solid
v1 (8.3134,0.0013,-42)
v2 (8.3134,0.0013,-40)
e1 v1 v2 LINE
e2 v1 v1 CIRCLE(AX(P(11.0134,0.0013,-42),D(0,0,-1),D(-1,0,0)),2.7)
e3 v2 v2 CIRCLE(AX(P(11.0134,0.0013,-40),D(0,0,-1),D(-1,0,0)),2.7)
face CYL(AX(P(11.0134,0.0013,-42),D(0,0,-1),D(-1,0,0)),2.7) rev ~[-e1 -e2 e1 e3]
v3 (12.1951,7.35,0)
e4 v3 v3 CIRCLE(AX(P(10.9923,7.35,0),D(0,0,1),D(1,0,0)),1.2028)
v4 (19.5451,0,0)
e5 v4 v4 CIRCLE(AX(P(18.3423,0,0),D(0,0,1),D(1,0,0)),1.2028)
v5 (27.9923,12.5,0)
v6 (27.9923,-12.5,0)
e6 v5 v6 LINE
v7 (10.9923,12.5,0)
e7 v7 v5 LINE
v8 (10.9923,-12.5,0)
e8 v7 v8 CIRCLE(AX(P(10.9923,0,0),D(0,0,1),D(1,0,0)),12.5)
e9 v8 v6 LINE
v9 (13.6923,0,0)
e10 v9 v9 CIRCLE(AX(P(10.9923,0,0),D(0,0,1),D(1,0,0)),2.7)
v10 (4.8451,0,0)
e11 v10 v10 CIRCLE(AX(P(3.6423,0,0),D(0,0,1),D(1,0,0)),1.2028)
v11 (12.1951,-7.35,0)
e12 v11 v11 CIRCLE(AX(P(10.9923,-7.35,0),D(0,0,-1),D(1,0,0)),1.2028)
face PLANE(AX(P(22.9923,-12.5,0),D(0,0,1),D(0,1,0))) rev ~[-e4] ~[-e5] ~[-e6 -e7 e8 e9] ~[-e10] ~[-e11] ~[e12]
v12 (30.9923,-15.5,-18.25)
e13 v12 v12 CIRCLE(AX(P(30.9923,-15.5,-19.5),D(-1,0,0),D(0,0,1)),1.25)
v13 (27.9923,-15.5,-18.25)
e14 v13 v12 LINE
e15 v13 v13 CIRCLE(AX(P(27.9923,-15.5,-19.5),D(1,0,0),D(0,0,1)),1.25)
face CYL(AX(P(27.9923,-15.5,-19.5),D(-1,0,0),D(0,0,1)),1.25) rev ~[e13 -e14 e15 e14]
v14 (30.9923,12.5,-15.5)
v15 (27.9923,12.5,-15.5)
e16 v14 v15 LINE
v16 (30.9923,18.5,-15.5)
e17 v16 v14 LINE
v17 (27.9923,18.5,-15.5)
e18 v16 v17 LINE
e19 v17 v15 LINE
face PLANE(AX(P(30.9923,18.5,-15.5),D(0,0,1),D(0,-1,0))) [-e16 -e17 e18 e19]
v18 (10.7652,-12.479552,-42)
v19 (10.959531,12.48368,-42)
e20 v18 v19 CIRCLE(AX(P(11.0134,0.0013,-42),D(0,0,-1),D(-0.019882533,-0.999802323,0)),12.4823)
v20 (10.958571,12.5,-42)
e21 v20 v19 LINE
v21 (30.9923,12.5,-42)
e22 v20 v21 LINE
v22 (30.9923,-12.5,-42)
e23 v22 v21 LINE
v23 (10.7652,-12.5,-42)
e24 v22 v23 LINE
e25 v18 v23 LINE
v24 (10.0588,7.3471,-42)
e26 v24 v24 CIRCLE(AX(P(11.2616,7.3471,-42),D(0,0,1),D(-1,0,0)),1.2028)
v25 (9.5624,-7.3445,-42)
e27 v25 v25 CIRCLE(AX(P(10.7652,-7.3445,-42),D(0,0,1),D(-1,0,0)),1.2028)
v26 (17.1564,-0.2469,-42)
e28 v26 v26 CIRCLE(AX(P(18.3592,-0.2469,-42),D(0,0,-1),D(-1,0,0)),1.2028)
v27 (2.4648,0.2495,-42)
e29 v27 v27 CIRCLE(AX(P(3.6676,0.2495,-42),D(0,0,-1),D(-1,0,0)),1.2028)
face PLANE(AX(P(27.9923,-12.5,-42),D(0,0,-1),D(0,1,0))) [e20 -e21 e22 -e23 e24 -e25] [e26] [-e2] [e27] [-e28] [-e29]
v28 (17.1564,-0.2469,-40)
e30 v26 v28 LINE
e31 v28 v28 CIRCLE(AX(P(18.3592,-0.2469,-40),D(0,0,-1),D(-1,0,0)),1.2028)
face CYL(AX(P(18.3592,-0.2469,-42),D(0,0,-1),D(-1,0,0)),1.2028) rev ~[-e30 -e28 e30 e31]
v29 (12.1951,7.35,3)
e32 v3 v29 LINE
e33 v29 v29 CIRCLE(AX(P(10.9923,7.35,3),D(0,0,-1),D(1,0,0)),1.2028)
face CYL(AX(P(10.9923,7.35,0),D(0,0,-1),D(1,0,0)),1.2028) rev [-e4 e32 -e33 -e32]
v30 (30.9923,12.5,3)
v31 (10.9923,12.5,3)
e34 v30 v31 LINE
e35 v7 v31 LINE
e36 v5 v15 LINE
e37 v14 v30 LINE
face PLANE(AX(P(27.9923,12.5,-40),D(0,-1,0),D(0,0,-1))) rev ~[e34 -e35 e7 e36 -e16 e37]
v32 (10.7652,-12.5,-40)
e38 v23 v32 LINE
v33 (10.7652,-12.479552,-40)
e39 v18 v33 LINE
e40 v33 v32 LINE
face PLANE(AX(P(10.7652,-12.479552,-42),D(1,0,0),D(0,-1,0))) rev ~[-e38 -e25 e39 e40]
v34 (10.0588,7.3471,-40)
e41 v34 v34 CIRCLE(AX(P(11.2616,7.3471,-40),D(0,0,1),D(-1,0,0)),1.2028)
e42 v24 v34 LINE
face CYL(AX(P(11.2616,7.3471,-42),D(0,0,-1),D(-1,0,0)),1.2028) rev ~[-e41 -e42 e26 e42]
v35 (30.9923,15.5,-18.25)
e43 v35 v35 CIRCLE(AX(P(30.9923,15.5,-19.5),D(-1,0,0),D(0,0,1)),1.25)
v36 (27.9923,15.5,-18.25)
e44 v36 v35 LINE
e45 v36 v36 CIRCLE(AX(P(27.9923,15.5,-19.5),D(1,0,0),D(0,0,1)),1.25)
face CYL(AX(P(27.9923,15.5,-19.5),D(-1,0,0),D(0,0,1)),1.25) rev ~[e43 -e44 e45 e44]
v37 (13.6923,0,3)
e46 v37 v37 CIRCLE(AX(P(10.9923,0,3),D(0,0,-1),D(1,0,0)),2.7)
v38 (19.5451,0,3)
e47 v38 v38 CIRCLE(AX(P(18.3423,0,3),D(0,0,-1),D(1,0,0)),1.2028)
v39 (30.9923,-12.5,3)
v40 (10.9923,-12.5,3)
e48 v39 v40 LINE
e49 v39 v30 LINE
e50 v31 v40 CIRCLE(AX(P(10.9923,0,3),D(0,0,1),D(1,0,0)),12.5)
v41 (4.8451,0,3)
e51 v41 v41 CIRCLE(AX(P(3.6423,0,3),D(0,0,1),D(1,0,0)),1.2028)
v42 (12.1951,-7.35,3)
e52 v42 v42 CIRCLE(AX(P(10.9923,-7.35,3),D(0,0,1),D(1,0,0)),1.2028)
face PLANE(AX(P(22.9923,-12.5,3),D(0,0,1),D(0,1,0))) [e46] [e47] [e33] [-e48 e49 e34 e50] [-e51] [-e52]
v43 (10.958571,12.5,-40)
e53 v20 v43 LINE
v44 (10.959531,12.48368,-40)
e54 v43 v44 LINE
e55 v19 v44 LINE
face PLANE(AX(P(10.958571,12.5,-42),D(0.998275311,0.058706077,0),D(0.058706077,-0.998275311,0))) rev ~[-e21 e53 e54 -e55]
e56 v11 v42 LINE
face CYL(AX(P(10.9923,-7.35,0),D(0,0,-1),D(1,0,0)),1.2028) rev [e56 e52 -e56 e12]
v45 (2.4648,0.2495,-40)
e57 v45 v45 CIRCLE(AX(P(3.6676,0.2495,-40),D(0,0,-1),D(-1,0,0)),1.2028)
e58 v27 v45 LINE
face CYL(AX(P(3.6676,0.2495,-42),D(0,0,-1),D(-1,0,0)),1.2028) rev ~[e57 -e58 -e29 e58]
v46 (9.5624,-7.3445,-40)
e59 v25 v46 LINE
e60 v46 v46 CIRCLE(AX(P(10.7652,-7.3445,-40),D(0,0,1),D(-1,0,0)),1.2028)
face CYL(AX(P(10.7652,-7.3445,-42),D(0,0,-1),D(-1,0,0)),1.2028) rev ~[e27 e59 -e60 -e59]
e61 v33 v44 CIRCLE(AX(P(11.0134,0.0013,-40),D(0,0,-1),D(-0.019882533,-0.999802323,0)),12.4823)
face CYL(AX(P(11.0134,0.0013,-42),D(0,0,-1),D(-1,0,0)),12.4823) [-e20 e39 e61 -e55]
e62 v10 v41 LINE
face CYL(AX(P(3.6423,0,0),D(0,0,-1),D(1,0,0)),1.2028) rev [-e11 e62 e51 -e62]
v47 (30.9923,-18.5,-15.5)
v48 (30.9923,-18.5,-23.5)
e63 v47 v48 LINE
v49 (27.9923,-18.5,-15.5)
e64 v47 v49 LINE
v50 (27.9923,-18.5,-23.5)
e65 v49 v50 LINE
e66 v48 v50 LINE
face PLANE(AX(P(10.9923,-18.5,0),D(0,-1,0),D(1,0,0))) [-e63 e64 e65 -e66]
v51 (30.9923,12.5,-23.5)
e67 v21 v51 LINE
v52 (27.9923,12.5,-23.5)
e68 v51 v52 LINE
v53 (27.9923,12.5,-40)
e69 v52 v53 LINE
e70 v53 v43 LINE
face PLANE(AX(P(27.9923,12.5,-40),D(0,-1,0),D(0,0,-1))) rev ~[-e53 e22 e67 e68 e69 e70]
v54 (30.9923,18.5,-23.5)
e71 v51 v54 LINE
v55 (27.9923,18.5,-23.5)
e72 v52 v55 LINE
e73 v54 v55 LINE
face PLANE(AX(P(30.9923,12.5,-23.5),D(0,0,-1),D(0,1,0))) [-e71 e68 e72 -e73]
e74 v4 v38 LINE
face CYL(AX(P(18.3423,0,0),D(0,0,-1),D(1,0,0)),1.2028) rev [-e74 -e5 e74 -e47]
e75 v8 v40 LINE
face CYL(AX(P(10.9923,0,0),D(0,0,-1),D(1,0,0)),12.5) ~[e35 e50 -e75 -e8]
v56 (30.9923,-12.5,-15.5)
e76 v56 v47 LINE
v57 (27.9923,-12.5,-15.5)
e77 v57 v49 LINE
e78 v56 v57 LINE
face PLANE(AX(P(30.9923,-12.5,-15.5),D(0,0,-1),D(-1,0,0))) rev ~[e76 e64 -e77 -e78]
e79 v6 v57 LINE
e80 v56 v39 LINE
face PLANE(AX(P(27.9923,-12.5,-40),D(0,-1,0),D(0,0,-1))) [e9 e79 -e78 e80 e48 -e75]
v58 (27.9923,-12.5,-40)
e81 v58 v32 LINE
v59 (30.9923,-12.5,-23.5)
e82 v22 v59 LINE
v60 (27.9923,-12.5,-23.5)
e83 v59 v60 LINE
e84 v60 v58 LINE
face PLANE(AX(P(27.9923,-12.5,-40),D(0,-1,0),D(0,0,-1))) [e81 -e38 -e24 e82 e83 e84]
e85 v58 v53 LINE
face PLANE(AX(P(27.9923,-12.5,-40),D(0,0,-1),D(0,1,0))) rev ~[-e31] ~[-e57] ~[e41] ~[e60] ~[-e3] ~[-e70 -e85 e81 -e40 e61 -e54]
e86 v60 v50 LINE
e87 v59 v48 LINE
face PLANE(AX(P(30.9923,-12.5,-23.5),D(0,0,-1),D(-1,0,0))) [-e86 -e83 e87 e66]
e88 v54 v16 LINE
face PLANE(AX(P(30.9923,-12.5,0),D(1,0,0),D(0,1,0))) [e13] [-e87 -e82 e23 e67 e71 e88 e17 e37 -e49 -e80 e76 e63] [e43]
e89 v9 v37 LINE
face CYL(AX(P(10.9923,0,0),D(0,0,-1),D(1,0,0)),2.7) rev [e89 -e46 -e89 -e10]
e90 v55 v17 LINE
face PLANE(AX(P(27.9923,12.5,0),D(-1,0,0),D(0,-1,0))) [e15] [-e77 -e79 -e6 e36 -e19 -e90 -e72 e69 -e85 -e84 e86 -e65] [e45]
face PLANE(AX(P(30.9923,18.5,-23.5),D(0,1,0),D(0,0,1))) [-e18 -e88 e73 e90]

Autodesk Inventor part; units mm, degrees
ref_plane "YZ Plane" through (0, 0, 0) normal (1, 0, 0) x (0, 1, 0)
ref_plane "XZ Plane" through (0, 0, 0) normal (0, 1, 0) x (-1, 0, 0)
ref_plane "XY Plane" through (0, 0, 0) normal (0, 0, 1) x (1, 0, 0)
ref_plane "Plano de trabajo1" through (0, 0, 0) normal (0, 0, 1) x (1, 0, 0)
sketch "Boceto1" plane through (0, 0, 0) normal (0, 0, 1) x (1, 0, 0)
  circle A0 centre (18.3423, 0) radius 1.2028 projected
  circle A1 centre (3.6423, 0) radius 1.2028 projected
  circle A2 centre (10.9923, -7.35) radius 1.2028 projected
  circle A3 centre (10.9923, 7.35) radius 1.2028 projected
  circle A4 centre (10.9923, 0) radius 10.9823 projected
  circle A5 centre (10.9923, 0) radius 2.7 projected
  circle A6 centre (10.9923, 0) radius 12.5
  line L0 (10.9923, 0) -> (22.9923, 0)
  line L1 (10.9923, 0) -> (10.9923, 12.5)
  line L2 (10.9923, 12.5) -> (22.9923, 12.5)
  line L3 (10.9923, 0) -> (10.9923, -12.5)
  line L4 (10.9923, -12.5) -> (22.9923, -12.5)
  line L5 (22.9923, -12.5) -> (22.9923, 12.5)
  point P0 (0, 0)
  dimension "d0" = 25
  dimension "d1" = 12
  dimension "d2" = 12
extrude "Extrusión1" add sketch "Boceto1" along normal blind 3 contours L0 A4 L3 A2 A5 A0 | A0 L0 A5 L1 A3 A4 | L0 L5 A6 L3 A4 | A4 L1 A6 L5 L0 | L1 A3 A5 L3 A2 A4 | A4 L3 A6 L1 | L2 L5 A6 | A6 L5 L4
sketch "Boceto2" plane through (22.9923, -12.5, 0) normal (1, 0, 0) x (0, 0, -1)
  line L0 (0, 0) -> (0, 25) projected
  line L1 (0, 25) -> (-3, 25) projected
  line L2 (-3, 0) -> (-3, 25) projected
  line L3 (0, 0) -> (-3, 0) projected
  point P0 (0, 12.5)
extrude "Extrusión2" add sketch "Boceto2" along normal blind 8
sketch "Boceto3" plane through (0, 0, 0) normal (0, 0, -1) x (-1, 0, 0)
  line L0 (-10.9923, -12.5) -> (-30.9923, -12.5) projected
  arc A0 (-10.9923, -12.5) -> (-10.9923, 12.5) centre (-10.9923, 0) ccw projected
  line L1 (-10.9923, 12.5) -> (-30.9923, 12.5) projected
  line L2 (-30.9923, -12.5) -> (-30.9923, 12.5) projected
  circle A1 centre (-10.9923, 0) radius 2.7 projected
  circle A2 centre (-10.9923, 7.35) radius 1.2028 projected
  circle A3 centre (-18.3423, 0) radius 1.2028 projected
  circle A4 centre (-3.6423, 0) radius 1.2028 projected
  circle A5 centre (-10.9923, -7.35) radius 1.2028 projected
  line L3 (-30.9923, 12.5) -> (-27.9923, 12.5)
  line L4 (-27.9923, 12.5) -> (-27.9923, -12.5)
  line L5 (-27.9923, -12.5) -> (-30.9923, -12.5)
  line L6 (-30.9923, -12.5) -> (-30.9923, 12.5)
  point P0 (0, 0)
  dimension "d7" = 3
extrude "Extrusión3" add sketch "Boceto3" along normal blind 42 contours L0 L2 L1 L4
sketch "Boceto4" plane through (27.9923, -12.5, 0) normal (-1, 0, 0) x (0, 0, 1)
  line L0 (-42, 0) -> (-42, 25) projected
  line L1 (0, 25) -> (0, 0) projected
  line L2 (0, 25) -> (-42, 25) projected
  line L3 (-42, 0) -> (-42, 25) projected
  line L4 (0, 0) -> (-42, 0) projected
  line L5 (-42, 0) -> (-40, 0)
  line L6 (-40, 0) -> (-40, 25)
  line L7 (-40, 25) -> (-42, 25)
  line L8 (-42, 25) -> (-42, 0)
  point P0 (0, 12.5)
  dimension "d10" = 2
extrude "Extrusión4" add sketch "Boceto4" along normal blind 30 contours L0 L2 L6 L4
sketch "Boceto5" plane through (0, 0, -42) normal (0, 0, -1) x (-1, 0, 0)
  line L0 (24.4501, 12.6367) -> (24.5578, -12.3277) projected
  line L1 (-11.0672, 12.4835) -> (24.4501, 12.6367) projected
  arc A0 (-11.0672, 12.4835) -> (-10.9596, -12.4809) centre (-11.0134, 0.0013) ccw projected
  line L2 (-10.9596, -12.4809) -> (24.5578, -12.3277) projected
  circle A1 centre (-3.6676, 0.2495) radius 1.2028 projected
  circle A2 centre (-11.0134, 0.0013) radius 2.7 projected
  circle A3 centre (-10.7652, -7.3445) radius 1.2028 projected
  circle A4 centre (-11.2616, 7.3471) radius 1.2028 projected
  circle A5 centre (-18.3592, -0.2469) radius 1.2028 projected
  line L3 (-30.9923, 12.5) -> (2.0077, 12.5) projected
  line L4 (-11.0672, 12.4835) -> (2.0077, 12.5)
  line L5 (2.0391, -12.4248) -> (2.0077, 12.5)
  line L6 (-10.9596, -12.4809) -> (2.0391, -12.4248)
  line L7 (-11.0672, 12.4835) -> (2.0077, 12.5)
  circle A6 centre (-11.0134, 0.0013) radius 12.4823
  line L8 (-10.7652, -7.3445) -> (-10.7652, -14.8497)
  line L9 (-10.7652, -14.8497) -> (6.2045, -14.8497)
  line L10 (6.2045, -14.8497) -> (6.2045, 15.7882)
  line L11 (6.2045, 15.7882) -> (-10.7652, 15.7882)
  line L12 (-10.7652, 15.7882) -> (-11.2616, 7.3471)
  point P0 (0, 0)
  point P1 (-7.2489, 12.5)
  point P2 (-10.991, 12.4836)
  point P3 (-10.9817, -12.481)
  point P4 (-10.9586, 12.5)
  point P5 (6.2045, 12.558)
  point P6 (6.2045, -12.4069)
  point P7 (-10.7652, -12.48)
  point P8 (-10.9595, 12.484)
  point P9 (-10.9595, 12.4837)
  point P10 (-10.9596, 12.4835)
  point P11 (-10.991, 12.4836)
  point P12 (-10.7652, -12.4785)
  point P13 (-11.0672, 12.4835)
extrude "Extrusión5" cut sketch "Boceto5" against normal blind 25 contours L10 L2 L5 L3 L1 | L1 L3 L12 L11 L10 | L10 L9 L8 L2 | L3 L4 L1 | L1 L12 L3 | L2 A6 L4 L5 | A3 | A4 | A1 | A2 | A5
sketch "Boceto8" plane through (10.9923, -12.5, 0) normal (0, -1, 0) x (1, 0, 0)
  line L0 (-0.2271, -40) -> (-0.2271, -42) projected
  line L1 (20, -42) -> (-0.2271, -42) projected
  line L2 (20, 3) -> (20, -42) projected
  line L3 (0, 3) -> (20, 3) projected
  line L4 (0, 0) -> (0, 3) projected
  line L5 (0, 0) -> (17, 0) projected
  line L6 (17, 0) -> (17, -40) projected
  line L7 (17, -40) -> (-0.2271, -40) projected
  line L8 (20, -42) -> (20, -19.5)
  line L9 (20, 3) -> (20, -42) projected
  line L10 (20, -19.5) -> (20, -23.5)
  line L11 (20, -23.5) -> (20, -15.5)
  line L12 (20, -15.5) -> (17, -15.5)
  line L13 (20, -23.5) -> (17, -23.5)
  point P0 (-10.9923, 0)
  dimension "d29" = 22.5
  dimension "d30" = 4
  dimension "d31" = 8
extrude "Extrusión8" add sketch "Boceto8" along normal blind 6 contours L6 L12 L2 L13
ref_plane "Plano de trabajo2" through (-0.8313, -11.6464, -27.56) normal (0.0048, -1, 0) x (1, 0.0048, 0)
sketch "Boceto9" plane through (30.9923, -12.5, 0) normal (1, 0, 0) x (0, 0, -1)
  line L0 (-3, 25) -> (42, 25) projected
  line L1 (-3, 25) -> (-3, 0) projected
  line L2 (-3, 0) -> (15.5, 0) projected
  line L3 (15.5, 0) -> (15.5, -6) projected
  line L4 (23.5, -6) -> (15.5, -6) projected
  line L5 (23.5, 0) -> (23.5, -6) projected
  line L6 (23.5, 0) -> (42, 0) projected
  line L7 (42, 25) -> (42, 0) projected
  line L8 (23.5, 0) -> (23.5, 25)
  line L9 (23.5, 25) -> (23.5, 31)
  line L10 (23.5, 31) -> (15.5, 31)
  line L11 (15.5, 31) -> (15.5, 25)
  point P0 (0, 12.5)
  dimension "d34" = 6
extrude "Extrusión9" add sketch "Boceto9" against normal blind 3 contours L11 L10 L9 L0
sketch "Boceto10" plane through (27.9923, -12.5, 0) normal (-1, 0, 0) x (0, 0, 1)
  line L0 (-40, 25) -> (-40, 0) projected
  line L1 (-23.5, 0) -> (-40, 0) projected
  line L2 (-23.5, 0) -> (-23.5, -6) projected
  line L3 (-15.5, -6) -> (-23.5, -6) projected
  line L4 (-15.5, 0) -> (-15.5, -6) projected
  line L5 (0, 0) -> (-15.5, 0) projected
  line L6 (0, 25) -> (0, 0) projected
  line L7 (0, 25) -> (-15.5, 25) projected
  line L8 (-15.5, 25) -> (-15.5, 31) projected
  line L9 (-15.5, 31) -> (-23.5, 31) projected
  line L10 (-23.5, 31) -> (-23.5, 25) projected
  line L11 (-23.5, 25) -> (-40, 25) projected
  line L12 (-15.5, -3) -> (-19.5, -3)
  line L13 (-19.5, -3) -> (-19.5, 28)
  circle A0 centre (-19.5, -3) radius 1.25
  circle A1 centre (-19.5, 28) radius 1.25
  point P0 (0, 12.5)
  dimension "d37" = 2.5
  dimension "d38" = 2.5
extrude "Extrusión10" cut sketch "Boceto10" against normal blind 3 contours A1 | A0 L13 L12 | L12 L13 A0
sketch "Boceto11" plane through (27.9923, -12.5, 0) normal (-1, 0, 0) x (0, 0, 1)
  line L0 (-42, 25) -> (-42, 0) projected
  line L1 (-42, 25) -> (-42, 12.5)
  line L2 (-42, 12.5) -> (-19.5, 12.5)
  line L3 (3, 13.7028) -> (3, 11.2972) projected
  line L4 (-19.5, 12.5) -> (-19.5, 25)
  point P0 (0, 12.5)
  dimension "d41" = 12.5
  dimension "d42" = 22.5
properties part number "UnionCuerpo"
